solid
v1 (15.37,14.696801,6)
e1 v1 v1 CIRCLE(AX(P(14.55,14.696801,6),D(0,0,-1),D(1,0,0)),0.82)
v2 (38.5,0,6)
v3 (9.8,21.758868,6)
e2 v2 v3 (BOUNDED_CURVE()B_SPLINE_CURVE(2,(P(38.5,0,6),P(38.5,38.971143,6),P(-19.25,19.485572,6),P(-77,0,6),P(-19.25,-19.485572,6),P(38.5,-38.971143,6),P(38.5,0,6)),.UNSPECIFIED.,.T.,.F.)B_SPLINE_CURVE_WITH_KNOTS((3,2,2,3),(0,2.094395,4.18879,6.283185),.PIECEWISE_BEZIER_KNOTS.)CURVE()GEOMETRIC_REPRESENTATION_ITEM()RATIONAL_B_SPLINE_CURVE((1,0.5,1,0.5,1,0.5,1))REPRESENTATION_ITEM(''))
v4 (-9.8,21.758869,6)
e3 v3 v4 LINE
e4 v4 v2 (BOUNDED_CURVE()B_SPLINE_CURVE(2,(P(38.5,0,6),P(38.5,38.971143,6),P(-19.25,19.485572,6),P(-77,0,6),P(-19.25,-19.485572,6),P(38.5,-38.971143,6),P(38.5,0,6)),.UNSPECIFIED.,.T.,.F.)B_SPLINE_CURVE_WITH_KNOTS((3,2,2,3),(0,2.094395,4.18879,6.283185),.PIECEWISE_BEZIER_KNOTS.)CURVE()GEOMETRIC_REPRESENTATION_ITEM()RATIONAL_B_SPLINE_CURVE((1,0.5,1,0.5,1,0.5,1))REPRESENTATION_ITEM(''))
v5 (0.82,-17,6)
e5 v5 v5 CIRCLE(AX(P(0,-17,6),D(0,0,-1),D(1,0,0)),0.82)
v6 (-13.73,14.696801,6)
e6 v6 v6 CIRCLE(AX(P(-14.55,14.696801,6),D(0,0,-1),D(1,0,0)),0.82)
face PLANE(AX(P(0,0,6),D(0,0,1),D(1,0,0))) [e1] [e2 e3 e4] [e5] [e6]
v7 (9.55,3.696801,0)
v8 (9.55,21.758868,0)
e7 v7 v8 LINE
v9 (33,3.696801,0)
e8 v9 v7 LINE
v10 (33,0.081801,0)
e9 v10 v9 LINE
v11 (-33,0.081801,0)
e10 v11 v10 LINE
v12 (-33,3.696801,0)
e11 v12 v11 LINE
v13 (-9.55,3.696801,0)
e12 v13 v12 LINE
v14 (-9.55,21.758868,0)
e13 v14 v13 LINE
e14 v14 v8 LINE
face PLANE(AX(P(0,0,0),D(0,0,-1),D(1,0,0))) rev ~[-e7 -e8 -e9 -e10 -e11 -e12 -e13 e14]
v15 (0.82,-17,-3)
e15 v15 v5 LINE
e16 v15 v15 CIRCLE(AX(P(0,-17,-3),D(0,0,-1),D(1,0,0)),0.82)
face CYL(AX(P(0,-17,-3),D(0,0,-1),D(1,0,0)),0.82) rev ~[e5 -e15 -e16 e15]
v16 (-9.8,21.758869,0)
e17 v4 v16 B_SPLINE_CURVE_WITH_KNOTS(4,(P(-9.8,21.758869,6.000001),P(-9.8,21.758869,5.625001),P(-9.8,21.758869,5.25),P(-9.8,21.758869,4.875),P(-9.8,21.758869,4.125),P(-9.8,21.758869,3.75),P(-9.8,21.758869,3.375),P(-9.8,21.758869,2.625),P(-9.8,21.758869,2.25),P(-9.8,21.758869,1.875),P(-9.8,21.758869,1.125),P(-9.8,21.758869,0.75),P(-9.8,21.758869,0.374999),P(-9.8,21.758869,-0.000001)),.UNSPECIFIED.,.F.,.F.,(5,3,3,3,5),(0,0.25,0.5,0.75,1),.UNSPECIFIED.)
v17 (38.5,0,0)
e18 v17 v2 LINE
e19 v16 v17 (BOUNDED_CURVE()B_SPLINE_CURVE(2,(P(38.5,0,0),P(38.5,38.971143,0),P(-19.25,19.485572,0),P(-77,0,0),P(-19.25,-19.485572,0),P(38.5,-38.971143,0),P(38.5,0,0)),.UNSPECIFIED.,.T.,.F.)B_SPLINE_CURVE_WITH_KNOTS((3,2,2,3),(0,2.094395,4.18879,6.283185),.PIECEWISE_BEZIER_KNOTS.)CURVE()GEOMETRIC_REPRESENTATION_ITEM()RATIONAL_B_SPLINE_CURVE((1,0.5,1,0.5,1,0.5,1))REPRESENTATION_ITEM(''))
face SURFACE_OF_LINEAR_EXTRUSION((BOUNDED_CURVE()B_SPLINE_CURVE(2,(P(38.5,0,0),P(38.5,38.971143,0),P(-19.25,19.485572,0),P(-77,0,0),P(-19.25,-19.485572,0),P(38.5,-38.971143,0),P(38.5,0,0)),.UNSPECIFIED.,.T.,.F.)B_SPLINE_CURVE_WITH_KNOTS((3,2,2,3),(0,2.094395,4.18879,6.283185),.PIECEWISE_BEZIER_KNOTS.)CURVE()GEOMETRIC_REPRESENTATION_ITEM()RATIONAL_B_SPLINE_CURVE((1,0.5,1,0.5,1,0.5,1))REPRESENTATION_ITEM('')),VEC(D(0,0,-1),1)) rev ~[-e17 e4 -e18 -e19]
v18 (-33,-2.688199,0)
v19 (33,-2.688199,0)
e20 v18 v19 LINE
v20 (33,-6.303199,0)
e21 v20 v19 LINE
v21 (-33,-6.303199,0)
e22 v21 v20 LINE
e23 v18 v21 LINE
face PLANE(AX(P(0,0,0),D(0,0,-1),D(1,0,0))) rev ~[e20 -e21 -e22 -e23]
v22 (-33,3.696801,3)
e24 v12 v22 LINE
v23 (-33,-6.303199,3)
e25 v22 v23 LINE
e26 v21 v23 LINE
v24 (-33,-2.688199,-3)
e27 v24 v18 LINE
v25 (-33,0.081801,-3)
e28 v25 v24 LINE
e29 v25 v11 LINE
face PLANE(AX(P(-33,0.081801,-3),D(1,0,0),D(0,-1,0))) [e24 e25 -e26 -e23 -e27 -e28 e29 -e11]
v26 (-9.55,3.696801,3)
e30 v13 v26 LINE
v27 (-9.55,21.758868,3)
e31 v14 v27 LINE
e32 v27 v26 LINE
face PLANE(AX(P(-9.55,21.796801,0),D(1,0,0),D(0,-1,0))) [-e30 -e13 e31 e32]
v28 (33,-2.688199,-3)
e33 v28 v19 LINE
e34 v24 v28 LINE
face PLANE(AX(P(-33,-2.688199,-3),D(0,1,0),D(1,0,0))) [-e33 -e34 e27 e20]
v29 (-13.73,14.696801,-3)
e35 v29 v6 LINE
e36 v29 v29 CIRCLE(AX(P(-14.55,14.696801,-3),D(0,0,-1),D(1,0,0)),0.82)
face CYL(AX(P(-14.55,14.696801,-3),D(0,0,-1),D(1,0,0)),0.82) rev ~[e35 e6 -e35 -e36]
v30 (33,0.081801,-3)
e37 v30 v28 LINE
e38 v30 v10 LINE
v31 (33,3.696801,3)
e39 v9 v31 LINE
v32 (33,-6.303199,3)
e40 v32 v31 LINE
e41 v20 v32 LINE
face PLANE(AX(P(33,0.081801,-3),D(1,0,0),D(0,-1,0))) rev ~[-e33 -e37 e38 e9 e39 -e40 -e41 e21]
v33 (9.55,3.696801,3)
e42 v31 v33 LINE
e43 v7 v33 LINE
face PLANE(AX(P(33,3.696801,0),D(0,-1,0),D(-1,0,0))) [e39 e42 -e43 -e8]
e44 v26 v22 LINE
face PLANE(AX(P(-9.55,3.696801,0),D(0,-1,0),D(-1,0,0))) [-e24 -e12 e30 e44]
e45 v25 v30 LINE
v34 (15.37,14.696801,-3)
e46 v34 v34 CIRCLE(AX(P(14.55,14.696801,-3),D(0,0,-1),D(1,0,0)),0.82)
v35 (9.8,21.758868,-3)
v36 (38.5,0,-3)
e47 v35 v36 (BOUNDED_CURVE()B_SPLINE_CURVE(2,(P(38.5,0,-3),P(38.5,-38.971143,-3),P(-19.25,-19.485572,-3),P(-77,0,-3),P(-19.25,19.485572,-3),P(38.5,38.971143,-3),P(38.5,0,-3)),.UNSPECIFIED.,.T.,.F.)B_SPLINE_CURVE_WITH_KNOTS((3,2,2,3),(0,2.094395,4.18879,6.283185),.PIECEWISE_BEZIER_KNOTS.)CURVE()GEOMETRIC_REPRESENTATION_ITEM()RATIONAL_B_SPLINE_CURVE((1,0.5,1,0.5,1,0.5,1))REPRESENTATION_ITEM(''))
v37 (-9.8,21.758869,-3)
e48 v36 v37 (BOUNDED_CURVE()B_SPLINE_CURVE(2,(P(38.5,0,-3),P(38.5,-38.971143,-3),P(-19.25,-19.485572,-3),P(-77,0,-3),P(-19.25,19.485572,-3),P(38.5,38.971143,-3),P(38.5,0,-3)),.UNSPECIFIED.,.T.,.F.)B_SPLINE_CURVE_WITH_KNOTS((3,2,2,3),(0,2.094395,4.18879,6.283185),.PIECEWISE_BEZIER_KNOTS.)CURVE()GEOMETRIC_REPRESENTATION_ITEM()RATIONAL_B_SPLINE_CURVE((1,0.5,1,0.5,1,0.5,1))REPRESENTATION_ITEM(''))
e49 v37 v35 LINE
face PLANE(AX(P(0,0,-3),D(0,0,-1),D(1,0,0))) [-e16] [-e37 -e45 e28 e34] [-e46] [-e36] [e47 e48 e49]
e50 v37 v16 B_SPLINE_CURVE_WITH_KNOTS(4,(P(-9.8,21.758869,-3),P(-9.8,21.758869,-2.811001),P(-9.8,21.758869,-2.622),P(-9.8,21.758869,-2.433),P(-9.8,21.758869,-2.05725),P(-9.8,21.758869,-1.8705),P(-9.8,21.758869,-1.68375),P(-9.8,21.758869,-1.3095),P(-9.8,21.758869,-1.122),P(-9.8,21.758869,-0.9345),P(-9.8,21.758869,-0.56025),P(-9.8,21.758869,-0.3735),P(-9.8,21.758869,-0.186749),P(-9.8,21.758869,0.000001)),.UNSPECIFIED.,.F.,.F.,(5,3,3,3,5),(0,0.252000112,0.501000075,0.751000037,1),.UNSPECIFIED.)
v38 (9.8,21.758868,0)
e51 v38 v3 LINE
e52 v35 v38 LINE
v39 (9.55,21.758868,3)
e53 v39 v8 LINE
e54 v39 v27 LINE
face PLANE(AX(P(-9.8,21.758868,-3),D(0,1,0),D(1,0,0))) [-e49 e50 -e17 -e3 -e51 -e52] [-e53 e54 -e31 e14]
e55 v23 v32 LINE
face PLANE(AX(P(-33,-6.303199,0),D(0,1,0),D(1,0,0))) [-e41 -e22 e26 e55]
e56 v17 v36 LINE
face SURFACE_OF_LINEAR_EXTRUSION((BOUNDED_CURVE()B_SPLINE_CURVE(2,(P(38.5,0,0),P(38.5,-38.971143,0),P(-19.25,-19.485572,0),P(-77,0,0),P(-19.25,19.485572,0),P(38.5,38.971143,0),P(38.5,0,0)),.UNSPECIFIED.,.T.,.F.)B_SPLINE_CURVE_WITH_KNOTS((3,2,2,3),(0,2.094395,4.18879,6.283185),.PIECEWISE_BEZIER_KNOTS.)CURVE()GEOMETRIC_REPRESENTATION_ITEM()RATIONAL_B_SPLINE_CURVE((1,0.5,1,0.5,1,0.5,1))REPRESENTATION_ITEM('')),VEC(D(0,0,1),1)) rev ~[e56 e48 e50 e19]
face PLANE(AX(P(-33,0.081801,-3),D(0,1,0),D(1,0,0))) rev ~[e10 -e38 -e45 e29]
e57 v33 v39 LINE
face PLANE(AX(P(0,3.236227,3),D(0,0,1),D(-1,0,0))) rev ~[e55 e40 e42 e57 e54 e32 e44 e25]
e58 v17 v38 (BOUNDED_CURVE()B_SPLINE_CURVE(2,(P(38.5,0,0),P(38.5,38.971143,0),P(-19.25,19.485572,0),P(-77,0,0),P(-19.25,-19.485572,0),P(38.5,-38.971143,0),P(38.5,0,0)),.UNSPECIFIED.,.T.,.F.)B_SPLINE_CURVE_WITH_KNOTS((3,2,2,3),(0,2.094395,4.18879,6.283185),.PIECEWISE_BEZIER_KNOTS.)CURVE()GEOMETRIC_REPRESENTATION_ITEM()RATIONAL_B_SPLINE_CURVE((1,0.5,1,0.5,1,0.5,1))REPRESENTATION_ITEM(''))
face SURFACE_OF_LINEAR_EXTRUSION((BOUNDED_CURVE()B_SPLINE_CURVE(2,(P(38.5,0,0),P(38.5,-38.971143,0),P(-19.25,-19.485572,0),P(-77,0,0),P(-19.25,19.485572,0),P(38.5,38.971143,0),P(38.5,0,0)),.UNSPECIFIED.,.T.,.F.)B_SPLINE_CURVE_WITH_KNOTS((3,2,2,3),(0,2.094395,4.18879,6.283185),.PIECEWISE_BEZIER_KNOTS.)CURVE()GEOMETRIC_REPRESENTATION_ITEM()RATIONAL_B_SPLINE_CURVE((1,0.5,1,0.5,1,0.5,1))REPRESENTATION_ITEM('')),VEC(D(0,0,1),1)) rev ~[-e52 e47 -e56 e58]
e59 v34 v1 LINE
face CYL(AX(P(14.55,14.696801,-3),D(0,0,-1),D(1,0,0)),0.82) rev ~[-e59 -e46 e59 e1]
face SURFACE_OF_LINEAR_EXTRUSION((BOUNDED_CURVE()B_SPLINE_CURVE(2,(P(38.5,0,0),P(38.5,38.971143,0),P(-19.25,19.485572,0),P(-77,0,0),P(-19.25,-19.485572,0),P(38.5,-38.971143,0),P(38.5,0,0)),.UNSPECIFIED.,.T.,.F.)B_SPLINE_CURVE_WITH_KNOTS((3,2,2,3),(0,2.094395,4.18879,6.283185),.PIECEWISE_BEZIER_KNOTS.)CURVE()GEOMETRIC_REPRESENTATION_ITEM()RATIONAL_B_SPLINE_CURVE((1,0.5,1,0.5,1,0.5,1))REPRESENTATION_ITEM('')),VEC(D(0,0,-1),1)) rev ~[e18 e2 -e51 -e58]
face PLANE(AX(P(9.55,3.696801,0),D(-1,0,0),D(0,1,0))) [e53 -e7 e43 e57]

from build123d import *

# Parameters (mm, degrees)
PAD_DEPTH       = 6
POCKET_DEPTH    = 3
PAD001_DEPTH    = 3
SKETCH003_W     = 66
SKETCH003_H     = 2.77
POCKET001_DEPTH = 3
SKETCH004_W     = 19.6
SKETCH004_H     = 1
POCKET002_DEPTH = 9.001
SKETCH005_R     = 0.82
POCKET003_DEPTH = 9.001


with BuildPart() as part:
    # Sketch → Pad (new body)
    with BuildSketch(Plane.XY):
        with BuildLine():
            add(Edge.make_bspline(
                [(38.5, 0), (38.5, 38.971143), (-19.25, 19.485572), (-77, 0), (-19.25, -19.485572), (38.5, -38.971143), (38.5, 0)],
                knots=[0, 0, 0, 2.094395, 2.094395, 4.18879, 4.18879, 6.283185, 6.283185, 6.283185], degree=2, weights=[1, 0.5, 1, 0.5, 1, 0.5, 1]))
        make_face()
    extrude(amount=PAD_DEPTH)

    # Sketch001 (on Face2 of Pad) → Pocket (cut)
    with BuildSketch(Plane(origin=(0, 0, 0), x_dir=(1, 0, 0), z_dir=(0, 0, -1))):
        Polygon((9.55, -3.696801), (9.55, -21.796801), (-9.55, -21.796801), (-9.55, -3.696801), (-33, -3.696801), (-33, 6.303199), (33, 6.303199), (33, -3.696801), align=None)
    extrude(amount=-POCKET_DEPTH, mode=Mode.SUBTRACT)

    # Sketch002 (on Face2 of Pocket) → Pad001 (join)
    with BuildSketch(Plane(origin=(0, 0, 0), x_dir=(1, 0, 0), z_dir=(0, 0, -1))):
        with BuildLine():
            add(Edge.make_bspline(
                [(38.5, 0), (38.5, 38.971143), (-19.25, 19.485572), (-77, 0), (-19.25, -19.485572), (38.5, -38.971143), (38.5, 0)],
                knots=[0, 0, 0, 2.094395, 2.094395, 4.18879, 4.18879, 6.283185, 6.283185, 6.283185], degree=2, weights=[1, 0.5, 1, 0.5, 1, 0.5, 1]))
        make_face()
    extrude(amount=PAD001_DEPTH)

    # Sketch003 (on Face4 of Pad001) → Pocket001 (cut)
    with BuildSketch(Plane(origin=(0, 0, -3), x_dir=(1, 0, 0), z_dir=(0, 0, -1))):
        with Locations((0, 1.303199)):
            Rectangle(SKETCH003_W, SKETCH003_H)
    extrude(amount=-POCKET001_DEPTH, mode=Mode.SUBTRACT)

    # Sketch004 (on Face4 of Pocket001) → Pocket002 (cut, through all)
    with BuildSketch(Plane(origin=(0, 0, -3), x_dir=(1, 0, 0), z_dir=(0, 0, -1))):
        with Locations((0, -22.258868)):
            Rectangle(SKETCH004_W, SKETCH004_H)
    extrude(amount=-POCKET002_DEPTH, mode=Mode.SUBTRACT)

    # Sketch005 (on Face7 of Pocket002) → Pocket003 (cut, through all)
    with BuildSketch(Plane(origin=(0, 0, -3), x_dir=(1, 0, 0), z_dir=(0, 0, -1))):
        with Locations((-14.55, -14.696801)):
            Circle(SKETCH005_R)
        with Locations((0, 17)):
            Circle(SKETCH005_R)
        with Locations((14.55, -14.696801)):
            Circle(SKETCH005_R)
    extrude(amount=-POCKET003_DEPTH, mode=Mode.SUBTRACT)


solid = part.part
